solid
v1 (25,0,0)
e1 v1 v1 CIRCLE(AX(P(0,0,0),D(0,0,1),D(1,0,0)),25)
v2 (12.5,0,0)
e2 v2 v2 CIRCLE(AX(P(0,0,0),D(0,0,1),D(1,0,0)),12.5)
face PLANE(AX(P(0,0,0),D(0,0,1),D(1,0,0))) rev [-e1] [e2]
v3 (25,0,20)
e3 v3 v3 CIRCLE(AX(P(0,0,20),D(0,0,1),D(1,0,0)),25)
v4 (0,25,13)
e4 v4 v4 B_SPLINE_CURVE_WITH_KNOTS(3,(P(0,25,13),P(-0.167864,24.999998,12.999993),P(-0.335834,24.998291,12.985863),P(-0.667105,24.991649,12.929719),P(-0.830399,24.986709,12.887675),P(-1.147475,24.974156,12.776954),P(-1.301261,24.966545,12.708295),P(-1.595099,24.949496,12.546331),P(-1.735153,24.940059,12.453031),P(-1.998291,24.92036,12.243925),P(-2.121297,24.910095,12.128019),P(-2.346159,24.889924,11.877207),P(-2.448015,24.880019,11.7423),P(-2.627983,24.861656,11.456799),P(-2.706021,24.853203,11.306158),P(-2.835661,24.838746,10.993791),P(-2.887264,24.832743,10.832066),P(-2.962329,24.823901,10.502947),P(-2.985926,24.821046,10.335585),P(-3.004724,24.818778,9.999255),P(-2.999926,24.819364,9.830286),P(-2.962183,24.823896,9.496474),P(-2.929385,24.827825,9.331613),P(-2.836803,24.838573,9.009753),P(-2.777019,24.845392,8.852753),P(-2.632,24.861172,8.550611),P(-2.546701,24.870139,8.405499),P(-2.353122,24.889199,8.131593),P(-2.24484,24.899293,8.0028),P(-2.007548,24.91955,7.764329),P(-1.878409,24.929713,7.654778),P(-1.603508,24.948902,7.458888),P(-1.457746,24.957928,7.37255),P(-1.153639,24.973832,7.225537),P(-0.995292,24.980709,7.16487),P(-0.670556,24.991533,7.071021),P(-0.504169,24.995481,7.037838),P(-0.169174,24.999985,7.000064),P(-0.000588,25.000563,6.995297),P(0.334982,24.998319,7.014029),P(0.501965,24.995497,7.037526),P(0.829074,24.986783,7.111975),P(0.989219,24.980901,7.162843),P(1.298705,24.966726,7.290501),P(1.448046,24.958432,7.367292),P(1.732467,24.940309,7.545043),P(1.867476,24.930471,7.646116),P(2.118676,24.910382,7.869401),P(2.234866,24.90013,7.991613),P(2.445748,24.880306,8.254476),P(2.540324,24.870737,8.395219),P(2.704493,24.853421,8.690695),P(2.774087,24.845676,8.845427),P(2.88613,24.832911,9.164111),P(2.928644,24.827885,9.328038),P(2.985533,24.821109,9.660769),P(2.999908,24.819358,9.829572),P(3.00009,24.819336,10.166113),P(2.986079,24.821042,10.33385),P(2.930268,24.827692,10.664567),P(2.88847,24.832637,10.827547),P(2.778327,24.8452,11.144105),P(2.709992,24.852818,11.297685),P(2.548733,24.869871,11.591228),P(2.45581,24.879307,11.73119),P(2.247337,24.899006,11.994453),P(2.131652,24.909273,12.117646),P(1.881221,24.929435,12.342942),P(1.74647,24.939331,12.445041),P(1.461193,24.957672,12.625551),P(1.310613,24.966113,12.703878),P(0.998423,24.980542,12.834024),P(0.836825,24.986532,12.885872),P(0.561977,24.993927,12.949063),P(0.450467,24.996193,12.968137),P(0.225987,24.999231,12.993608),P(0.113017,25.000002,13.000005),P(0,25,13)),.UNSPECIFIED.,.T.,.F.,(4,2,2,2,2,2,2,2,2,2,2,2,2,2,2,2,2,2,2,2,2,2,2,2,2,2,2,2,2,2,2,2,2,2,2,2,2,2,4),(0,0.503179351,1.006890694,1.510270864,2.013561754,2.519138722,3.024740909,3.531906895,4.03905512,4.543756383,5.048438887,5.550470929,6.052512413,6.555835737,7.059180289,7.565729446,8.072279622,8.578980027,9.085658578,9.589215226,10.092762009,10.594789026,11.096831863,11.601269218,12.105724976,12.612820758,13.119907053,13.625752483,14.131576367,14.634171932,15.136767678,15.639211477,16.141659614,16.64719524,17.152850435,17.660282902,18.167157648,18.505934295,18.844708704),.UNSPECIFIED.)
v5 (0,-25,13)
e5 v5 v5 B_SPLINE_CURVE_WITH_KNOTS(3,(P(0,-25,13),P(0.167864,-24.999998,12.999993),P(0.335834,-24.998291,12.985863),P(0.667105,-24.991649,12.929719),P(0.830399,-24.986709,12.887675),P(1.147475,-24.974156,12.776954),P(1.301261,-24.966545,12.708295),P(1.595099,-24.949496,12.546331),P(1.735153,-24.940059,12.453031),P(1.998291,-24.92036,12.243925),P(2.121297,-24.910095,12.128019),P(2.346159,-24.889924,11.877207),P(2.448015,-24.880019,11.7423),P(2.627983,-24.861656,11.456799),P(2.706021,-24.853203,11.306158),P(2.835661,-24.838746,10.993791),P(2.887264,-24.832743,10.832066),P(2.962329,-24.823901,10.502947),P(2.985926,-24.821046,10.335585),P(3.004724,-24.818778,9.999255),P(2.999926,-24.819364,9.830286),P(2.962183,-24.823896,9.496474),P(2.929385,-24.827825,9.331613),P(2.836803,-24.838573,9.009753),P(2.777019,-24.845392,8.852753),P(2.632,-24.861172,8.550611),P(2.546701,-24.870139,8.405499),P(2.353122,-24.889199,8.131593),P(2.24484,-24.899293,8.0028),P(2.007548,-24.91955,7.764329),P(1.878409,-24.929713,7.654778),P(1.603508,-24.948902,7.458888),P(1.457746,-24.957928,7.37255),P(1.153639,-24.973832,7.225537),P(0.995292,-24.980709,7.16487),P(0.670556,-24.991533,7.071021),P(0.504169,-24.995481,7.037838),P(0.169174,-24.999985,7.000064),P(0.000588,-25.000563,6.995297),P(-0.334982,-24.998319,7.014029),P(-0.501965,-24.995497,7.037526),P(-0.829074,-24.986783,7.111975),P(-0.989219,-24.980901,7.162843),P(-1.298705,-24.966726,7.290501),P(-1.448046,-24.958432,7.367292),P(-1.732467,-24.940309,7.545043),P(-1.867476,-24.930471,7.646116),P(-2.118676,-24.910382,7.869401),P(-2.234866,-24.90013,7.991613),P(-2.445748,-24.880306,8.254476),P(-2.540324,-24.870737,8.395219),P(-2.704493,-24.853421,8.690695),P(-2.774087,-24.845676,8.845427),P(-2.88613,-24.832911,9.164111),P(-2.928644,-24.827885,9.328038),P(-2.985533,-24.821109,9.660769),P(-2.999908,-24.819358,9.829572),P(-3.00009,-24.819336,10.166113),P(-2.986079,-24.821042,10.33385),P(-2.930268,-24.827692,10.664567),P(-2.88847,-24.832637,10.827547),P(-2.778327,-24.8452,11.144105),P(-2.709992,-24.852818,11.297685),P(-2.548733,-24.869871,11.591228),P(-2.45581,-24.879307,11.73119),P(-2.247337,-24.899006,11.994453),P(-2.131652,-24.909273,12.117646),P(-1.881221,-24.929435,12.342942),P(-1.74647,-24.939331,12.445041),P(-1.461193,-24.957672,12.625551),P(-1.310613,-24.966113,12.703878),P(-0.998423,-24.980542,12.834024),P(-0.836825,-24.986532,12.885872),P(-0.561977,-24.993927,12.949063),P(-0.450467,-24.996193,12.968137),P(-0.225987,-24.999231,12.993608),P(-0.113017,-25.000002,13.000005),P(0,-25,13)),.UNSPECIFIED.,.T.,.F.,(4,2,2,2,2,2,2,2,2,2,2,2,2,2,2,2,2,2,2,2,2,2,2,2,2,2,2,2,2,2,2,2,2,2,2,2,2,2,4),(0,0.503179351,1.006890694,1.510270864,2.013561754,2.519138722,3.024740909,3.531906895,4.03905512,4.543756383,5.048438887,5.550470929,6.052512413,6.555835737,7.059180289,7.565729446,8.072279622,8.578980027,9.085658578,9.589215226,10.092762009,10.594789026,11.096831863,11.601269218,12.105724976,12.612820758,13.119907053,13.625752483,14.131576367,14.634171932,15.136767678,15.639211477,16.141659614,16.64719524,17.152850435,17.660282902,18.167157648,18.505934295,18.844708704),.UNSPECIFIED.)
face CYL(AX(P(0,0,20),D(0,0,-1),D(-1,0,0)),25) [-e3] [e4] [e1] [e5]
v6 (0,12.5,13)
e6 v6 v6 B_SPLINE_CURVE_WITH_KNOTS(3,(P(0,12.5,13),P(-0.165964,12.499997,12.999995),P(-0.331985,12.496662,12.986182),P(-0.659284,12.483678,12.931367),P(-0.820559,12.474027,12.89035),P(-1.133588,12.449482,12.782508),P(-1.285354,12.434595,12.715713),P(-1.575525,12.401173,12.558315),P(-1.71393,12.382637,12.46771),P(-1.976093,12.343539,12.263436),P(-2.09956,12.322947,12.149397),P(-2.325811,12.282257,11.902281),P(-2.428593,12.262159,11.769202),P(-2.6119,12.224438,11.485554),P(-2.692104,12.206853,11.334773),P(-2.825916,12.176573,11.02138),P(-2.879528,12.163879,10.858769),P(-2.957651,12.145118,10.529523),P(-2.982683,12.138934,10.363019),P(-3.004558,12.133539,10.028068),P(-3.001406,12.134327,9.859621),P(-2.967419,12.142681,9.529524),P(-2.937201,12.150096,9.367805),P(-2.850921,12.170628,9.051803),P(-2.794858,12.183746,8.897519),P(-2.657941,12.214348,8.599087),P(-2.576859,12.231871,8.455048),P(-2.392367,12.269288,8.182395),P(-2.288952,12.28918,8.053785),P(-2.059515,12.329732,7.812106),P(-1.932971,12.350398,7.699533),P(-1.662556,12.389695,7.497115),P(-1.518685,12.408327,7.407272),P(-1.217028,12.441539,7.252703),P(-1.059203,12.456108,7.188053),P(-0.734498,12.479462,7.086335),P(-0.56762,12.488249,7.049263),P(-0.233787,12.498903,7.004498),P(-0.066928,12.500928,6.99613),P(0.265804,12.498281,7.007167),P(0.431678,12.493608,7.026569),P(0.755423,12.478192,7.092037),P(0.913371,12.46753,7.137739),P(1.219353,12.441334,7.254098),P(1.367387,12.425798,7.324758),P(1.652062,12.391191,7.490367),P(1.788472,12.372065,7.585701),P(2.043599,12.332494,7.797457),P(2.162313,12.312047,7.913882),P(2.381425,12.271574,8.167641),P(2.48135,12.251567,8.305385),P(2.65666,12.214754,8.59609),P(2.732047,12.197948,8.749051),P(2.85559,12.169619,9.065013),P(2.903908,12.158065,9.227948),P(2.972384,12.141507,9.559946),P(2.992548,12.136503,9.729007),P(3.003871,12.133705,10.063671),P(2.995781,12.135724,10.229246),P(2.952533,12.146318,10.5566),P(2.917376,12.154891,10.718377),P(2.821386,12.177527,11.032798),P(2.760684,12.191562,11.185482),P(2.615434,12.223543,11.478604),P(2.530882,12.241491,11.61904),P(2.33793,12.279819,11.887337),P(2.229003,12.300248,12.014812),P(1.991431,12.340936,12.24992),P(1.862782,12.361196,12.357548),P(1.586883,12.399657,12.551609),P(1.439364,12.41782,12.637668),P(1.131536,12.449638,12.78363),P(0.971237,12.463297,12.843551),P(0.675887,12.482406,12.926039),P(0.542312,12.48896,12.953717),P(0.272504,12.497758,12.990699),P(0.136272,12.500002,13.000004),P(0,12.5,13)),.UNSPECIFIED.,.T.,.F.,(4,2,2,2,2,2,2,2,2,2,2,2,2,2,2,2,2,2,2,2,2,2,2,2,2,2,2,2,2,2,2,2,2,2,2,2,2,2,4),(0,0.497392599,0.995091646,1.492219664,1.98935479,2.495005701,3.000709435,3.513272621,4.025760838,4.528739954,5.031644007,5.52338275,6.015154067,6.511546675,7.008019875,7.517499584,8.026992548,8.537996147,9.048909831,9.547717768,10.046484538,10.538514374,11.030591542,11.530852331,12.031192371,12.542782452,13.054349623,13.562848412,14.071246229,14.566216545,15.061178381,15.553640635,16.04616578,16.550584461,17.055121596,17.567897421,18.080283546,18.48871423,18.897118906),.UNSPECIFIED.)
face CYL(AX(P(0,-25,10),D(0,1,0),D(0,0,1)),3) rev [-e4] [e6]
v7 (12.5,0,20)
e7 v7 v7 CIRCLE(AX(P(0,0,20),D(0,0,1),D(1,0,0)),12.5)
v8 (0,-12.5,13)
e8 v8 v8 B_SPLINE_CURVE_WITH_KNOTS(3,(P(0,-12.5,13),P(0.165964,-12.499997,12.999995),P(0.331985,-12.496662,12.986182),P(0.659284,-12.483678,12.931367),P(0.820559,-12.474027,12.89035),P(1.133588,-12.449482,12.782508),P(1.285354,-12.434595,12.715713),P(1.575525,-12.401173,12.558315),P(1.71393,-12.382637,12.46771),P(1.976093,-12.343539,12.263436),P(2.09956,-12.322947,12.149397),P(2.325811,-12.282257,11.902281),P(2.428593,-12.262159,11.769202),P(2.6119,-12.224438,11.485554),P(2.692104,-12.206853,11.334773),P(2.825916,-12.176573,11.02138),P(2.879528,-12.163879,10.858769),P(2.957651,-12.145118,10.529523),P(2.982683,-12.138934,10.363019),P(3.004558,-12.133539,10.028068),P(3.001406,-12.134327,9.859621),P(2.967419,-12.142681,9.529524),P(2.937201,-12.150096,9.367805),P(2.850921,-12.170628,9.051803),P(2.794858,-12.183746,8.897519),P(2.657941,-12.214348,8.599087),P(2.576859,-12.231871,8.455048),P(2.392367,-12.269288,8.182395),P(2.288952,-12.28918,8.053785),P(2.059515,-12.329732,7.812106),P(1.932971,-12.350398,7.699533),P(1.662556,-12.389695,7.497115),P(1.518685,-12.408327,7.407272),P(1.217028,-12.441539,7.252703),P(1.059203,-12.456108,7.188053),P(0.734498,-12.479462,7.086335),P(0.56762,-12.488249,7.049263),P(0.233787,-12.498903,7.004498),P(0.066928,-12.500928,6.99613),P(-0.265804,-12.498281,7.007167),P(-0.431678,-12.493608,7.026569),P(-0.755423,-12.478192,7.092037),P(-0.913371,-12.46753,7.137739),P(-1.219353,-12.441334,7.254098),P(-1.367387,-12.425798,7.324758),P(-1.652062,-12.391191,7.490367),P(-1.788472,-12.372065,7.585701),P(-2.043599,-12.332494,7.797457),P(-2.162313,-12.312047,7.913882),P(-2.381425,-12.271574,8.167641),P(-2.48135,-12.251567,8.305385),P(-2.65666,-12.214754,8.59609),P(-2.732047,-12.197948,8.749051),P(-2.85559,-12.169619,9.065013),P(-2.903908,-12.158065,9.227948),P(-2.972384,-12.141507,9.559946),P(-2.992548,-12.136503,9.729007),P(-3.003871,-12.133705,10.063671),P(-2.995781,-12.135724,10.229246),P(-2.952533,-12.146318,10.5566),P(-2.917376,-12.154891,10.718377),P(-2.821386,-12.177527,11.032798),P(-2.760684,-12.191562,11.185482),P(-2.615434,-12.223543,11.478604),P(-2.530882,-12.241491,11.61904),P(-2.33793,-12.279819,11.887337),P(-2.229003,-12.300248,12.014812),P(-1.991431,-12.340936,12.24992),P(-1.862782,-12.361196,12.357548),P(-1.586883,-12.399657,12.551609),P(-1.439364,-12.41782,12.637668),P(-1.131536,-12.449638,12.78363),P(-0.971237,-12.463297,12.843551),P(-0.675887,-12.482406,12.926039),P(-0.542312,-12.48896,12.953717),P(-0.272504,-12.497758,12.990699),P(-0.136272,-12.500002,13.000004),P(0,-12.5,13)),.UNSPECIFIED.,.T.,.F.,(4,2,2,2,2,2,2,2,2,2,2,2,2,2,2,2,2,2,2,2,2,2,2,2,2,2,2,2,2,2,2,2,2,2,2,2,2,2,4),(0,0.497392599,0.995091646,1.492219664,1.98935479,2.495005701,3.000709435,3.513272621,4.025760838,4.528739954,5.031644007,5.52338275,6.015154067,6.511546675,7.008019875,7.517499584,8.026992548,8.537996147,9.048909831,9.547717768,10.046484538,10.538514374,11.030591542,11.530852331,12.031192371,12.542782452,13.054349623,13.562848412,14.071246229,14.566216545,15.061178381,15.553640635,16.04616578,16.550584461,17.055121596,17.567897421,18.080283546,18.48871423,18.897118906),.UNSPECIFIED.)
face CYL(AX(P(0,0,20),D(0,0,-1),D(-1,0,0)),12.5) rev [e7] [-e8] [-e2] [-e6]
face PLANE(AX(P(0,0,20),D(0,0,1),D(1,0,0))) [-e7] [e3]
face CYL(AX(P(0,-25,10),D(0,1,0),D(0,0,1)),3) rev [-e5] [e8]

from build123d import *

# Parameters (mm, degrees)
SKETCH1_R               = 25
SKETCH1_R_2             = 12.5
BOSS_EXTRUDE1_DEPTH     = 20
CUT_EXTRUDE1_DEPTH      = 41.620192023
CUT_EXTRUDE1_DEPTH_BACK = 41.620192023
SKETCH2_R               = 3


with BuildPart() as part:
    # Sketch1 → Boss-Extrude1 (new body)
    with BuildSketch(Plane.XY):
        Circle(SKETCH1_R)
        Circle(SKETCH1_R_2, mode=Mode.SUBTRACT)
    extrude(amount=BOSS_EXTRUDE1_DEPTH)

    # Sketch2 → Cut-Extrude1 (cut, two sides: drawn at the far end of the back side and taken through both)
    with BuildSketch(Plane(origin=(0, 0, 0), x_dir=(1, 0, 0), z_dir=(0, 1, 0)).offset(-CUT_EXTRUDE1_DEPTH_BACK)):
        with Locations(Location((0, -10, 0), (0, 0, 270))):
            Circle(SKETCH2_R)
    extrude(amount=CUT_EXTRUDE1_DEPTH + CUT_EXTRUDE1_DEPTH_BACK, mode=Mode.SUBTRACT)


solid = part.part
